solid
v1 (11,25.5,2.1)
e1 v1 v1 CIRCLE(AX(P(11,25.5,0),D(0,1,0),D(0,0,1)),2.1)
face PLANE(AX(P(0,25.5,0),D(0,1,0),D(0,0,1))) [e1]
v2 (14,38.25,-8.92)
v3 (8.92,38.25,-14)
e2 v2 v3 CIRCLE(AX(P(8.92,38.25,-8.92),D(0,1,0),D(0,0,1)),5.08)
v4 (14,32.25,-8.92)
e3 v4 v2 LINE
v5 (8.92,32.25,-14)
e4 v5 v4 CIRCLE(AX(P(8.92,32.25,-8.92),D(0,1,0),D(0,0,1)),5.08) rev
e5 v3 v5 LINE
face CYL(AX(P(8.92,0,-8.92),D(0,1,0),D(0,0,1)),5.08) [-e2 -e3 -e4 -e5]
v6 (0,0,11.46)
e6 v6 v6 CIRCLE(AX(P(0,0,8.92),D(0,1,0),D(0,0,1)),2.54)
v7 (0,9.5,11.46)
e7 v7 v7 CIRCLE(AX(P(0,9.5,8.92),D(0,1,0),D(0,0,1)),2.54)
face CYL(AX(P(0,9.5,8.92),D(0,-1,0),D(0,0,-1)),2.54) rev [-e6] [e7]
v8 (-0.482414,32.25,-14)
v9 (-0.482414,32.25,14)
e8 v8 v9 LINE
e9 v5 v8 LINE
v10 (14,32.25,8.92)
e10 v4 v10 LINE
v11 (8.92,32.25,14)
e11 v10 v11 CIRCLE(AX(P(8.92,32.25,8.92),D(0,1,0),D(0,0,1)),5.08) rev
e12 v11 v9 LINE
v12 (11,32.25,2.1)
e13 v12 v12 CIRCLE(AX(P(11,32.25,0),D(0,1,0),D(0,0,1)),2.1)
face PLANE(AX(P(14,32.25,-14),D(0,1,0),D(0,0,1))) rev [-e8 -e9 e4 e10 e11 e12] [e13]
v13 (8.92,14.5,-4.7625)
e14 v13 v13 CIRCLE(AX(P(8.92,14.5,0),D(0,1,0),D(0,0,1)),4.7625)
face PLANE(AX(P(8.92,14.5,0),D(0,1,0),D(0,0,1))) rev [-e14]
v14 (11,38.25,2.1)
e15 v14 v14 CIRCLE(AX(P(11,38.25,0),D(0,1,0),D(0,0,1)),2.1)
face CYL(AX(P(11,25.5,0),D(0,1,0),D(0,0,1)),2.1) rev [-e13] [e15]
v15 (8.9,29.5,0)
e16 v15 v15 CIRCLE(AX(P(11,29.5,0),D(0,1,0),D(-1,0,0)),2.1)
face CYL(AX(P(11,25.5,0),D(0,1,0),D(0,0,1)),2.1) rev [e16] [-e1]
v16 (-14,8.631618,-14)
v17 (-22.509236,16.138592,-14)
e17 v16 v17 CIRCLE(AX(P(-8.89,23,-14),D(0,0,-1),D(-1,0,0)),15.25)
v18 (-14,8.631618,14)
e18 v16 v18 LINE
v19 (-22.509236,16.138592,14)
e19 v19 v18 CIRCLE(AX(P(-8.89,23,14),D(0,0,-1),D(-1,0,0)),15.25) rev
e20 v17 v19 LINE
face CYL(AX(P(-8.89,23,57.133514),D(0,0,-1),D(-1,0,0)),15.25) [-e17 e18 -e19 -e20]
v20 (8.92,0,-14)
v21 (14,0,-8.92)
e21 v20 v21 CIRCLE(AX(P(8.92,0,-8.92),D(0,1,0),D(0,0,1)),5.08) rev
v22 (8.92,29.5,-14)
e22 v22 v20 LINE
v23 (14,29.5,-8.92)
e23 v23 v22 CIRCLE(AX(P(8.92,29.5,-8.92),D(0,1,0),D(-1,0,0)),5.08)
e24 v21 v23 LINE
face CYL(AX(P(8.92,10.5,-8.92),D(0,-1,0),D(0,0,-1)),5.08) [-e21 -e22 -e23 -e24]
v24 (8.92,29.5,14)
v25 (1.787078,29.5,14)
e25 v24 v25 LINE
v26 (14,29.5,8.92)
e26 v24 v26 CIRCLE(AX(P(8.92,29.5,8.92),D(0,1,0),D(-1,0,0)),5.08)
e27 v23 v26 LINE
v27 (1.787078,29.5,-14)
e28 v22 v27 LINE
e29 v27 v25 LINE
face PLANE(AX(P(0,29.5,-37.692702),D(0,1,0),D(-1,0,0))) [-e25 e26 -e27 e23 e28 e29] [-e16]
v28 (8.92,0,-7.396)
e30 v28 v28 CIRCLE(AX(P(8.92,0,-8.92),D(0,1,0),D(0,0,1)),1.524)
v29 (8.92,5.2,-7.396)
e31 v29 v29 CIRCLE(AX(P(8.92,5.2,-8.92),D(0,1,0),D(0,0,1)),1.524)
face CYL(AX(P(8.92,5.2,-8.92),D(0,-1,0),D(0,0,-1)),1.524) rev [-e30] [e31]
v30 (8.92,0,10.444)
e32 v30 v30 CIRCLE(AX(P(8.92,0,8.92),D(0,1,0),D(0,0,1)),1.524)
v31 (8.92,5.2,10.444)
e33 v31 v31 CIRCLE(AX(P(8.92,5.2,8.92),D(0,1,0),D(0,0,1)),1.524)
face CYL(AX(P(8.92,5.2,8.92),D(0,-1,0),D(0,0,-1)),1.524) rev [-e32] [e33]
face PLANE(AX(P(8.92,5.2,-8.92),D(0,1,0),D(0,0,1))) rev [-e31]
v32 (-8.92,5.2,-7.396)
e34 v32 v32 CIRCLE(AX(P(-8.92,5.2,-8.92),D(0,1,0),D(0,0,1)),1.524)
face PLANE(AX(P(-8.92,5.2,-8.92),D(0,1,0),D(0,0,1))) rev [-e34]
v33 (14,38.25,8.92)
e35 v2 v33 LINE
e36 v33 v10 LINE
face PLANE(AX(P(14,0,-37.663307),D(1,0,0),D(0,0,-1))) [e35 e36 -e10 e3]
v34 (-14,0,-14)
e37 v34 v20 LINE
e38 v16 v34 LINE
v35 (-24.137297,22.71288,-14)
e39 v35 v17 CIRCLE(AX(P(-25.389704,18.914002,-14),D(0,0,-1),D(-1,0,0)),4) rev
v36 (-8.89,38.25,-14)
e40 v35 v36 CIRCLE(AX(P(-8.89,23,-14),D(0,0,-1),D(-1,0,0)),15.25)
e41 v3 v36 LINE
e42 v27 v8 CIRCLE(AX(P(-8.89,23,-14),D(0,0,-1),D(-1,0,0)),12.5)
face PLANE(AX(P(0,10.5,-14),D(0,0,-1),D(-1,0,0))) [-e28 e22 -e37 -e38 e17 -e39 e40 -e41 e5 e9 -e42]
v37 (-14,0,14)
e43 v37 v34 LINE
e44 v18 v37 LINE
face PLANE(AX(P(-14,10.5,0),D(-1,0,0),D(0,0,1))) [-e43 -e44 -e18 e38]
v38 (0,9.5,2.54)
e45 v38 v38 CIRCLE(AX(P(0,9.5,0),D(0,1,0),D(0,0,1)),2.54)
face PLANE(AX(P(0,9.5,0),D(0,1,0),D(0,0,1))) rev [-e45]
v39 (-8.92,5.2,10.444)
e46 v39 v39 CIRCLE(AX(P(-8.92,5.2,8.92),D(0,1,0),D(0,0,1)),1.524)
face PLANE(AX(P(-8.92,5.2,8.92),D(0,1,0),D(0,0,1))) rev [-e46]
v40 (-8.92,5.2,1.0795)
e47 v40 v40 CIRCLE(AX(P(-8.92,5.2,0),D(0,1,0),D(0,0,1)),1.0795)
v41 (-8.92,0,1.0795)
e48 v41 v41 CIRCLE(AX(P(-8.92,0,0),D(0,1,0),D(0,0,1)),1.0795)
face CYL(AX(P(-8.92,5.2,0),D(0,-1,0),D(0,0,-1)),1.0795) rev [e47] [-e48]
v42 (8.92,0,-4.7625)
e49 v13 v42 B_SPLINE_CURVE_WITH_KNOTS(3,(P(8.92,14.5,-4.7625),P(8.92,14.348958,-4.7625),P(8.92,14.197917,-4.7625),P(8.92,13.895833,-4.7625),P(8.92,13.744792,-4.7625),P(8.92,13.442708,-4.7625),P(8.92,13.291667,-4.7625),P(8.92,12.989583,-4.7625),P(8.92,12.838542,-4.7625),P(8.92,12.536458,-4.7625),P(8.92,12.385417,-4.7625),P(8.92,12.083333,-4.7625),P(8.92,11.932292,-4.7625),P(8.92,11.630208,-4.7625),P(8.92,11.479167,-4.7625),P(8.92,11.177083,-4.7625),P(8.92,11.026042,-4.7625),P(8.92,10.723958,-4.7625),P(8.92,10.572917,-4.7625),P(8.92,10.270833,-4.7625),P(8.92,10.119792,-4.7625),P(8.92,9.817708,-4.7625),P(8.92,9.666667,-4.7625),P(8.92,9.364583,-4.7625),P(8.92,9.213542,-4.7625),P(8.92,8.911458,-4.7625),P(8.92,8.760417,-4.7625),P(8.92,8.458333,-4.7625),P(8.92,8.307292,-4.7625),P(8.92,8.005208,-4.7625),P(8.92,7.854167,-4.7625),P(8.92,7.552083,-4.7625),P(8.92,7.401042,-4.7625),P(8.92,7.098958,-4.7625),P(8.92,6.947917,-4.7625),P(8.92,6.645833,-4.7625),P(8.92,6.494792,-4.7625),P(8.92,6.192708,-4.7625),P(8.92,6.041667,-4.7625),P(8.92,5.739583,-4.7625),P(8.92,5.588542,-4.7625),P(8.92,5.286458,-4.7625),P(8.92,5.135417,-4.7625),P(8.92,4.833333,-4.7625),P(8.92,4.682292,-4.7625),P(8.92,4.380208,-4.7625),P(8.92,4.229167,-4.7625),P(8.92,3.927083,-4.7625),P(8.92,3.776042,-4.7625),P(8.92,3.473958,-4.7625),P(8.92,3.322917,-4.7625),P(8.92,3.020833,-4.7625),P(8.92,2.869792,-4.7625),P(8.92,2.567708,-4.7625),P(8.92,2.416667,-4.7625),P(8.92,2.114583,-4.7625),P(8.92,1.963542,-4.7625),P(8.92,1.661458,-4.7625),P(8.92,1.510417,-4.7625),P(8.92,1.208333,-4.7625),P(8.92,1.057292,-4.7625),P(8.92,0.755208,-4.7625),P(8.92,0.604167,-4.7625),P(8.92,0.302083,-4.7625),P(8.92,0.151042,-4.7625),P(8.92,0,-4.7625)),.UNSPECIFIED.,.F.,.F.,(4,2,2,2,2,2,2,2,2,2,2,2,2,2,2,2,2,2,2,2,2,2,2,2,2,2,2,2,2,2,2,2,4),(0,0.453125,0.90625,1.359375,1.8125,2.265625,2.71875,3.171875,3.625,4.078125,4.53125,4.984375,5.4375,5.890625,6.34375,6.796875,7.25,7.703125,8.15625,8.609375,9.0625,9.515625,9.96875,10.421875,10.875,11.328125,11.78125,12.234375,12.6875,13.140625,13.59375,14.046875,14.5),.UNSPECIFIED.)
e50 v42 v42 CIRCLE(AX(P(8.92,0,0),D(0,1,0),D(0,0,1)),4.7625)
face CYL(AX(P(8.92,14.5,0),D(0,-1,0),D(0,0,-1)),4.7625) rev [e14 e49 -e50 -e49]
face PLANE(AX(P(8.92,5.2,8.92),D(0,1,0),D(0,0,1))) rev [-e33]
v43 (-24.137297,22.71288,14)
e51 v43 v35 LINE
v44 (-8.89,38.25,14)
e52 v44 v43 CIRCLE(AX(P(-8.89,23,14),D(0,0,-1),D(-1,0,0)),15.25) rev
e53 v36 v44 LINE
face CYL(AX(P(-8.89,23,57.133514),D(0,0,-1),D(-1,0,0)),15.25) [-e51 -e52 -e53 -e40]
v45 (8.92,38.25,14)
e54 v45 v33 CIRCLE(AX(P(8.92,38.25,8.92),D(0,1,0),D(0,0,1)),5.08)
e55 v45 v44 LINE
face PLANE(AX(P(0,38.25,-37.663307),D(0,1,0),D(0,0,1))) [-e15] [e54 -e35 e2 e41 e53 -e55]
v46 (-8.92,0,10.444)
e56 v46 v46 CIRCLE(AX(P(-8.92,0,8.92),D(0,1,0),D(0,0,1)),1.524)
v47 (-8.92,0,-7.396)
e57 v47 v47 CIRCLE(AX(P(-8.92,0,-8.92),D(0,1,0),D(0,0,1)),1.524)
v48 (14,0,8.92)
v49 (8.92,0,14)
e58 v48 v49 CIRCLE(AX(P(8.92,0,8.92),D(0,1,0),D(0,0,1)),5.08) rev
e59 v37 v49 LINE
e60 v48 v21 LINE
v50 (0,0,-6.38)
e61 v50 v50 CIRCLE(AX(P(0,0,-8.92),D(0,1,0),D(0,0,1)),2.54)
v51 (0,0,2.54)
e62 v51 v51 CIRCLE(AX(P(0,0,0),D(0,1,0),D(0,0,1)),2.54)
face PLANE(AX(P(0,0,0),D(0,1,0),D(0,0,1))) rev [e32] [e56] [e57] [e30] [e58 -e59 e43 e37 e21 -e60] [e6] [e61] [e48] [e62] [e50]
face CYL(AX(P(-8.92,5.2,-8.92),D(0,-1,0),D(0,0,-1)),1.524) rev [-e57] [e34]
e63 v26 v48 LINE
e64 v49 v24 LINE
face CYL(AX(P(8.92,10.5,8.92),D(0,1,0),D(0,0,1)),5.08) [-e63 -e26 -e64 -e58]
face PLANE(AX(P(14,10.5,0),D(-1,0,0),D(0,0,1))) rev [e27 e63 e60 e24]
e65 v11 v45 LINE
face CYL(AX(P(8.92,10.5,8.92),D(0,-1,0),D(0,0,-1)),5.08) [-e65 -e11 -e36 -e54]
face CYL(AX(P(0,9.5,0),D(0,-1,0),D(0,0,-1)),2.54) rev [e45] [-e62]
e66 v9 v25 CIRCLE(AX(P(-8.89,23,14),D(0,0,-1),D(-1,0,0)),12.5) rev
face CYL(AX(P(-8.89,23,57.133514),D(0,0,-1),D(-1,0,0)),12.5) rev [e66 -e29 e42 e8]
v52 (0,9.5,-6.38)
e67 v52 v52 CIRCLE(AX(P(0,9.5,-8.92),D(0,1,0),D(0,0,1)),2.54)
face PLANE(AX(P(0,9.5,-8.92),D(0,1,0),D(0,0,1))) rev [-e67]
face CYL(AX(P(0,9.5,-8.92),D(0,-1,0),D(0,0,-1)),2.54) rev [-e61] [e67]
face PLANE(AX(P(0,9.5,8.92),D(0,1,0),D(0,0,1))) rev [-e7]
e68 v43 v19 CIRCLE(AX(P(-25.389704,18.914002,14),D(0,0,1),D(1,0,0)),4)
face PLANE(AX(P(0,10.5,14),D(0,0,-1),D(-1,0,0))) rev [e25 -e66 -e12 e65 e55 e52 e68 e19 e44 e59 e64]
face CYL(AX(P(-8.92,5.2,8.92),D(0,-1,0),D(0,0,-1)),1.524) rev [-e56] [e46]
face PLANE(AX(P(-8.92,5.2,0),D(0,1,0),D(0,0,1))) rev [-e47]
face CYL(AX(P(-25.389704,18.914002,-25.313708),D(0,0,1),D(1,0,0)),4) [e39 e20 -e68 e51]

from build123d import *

# Parameters (mm, degrees)
SKETCH1_W           = 28
SKETCH1_H           = 28
BOSS_EXTRUDE1_DEPTH = 10.5
BOSS_EXTRUDE3_DEPTH = 28
SKETCH3_R           = 4
BOSS_EXTRUDE4_DEPTH = 28
BOSS_EXTRUDE5_START = -28
BOSS_EXTRUDE5_DEPTH = 28
CUT_EXTRUDE1_DEPTH  = 56.774700458
BOSS_EXTRUDE6_START = -28
BOSS_EXTRUDE6_DEPTH = 28
SKETCH8_R           = 2.1
CUT_EXTRUDE2_DEPTH  = 12.75
SKETCH1_4_R         = 1.524
SKETCH1_4_R_2       = 1.0795
CUT_EXTRUDE3_DEPTH  = 5.2
SKETCH1_5_R         = 2.54
CUT_EXTRUDE4_DEPTH  = 9.5
SKETCH1_6_R         = 4.7625
CUT_EXTRUDE5_DEPTH  = 14.5
FILLET1_R           = 5.08
FILLET2_R           = 5.08
FILLET3_R           = 5.08
FILLET4_R           = 5.08


with BuildPart() as part:
    # Sketch1 → Boss-Extrude1 (new body)
    with BuildSketch(Plane(origin=(0, 0, 0), x_dir=(1, 0, 0), z_dir=(0, 1, 0))):
        Rectangle(SKETCH1_W, SKETCH1_H)
    extrude(amount=BOSS_EXTRUDE1_DEPTH)

    # Sketch2 → Boss-Extrude3 (add)
    with BuildSketch(Plane(origin=(0, 0, -14), x_dir=(-1, 0, 0), z_dir=(0, 0, -1))):
        with BuildLine():
            ThreePointArc((21.39, 23), (17.728834765, 14.161165235), (8.89, 10.5))
            Line((8.89, 10.5), (14, 10.5))
            Line((14, 10.5), (14, 8.631618045))
            ThreePointArc((14, 8.631618045), (21.34973515, 14.206962982), (24.14, 23))
            Line((24.14, 23), (21.39, 23))
        make_face()
        with BuildLine():
            Line((8.89, 10.5), (8.89, 7.75))
            ThreePointArc((8.89, 7.75), (11.482747113, 7.972020681), (14, 8.631618045))
            Line((14, 8.631618045), (14, 10.5))
            Line((14, 10.5), (8.89, 10.5))
        make_face()
        with BuildLine():
            Line((0.154297395, 10.5), (8.89, 10.5))
            ThreePointArc((8.89, 10.5), (0.051165235, 14.161165235), (-3.61, 23))
            Line((-3.61, 23), (-6.36, 23))
            ThreePointArc((-6.36, 23), (-4.63371925, 15.952197673), (0.154297395, 10.5))
        make_face()
        with BuildLine():
            ThreePointArc((0.154297395, 10.5), (4.310835229, 8.453737593), (8.89, 7.75))
            Line((8.89, 7.75), (8.89, 10.5))
            Line((8.89, 10.5), (0.154297395, 10.5))
        make_face()
        with BuildLine():
            ThreePointArc((8.89, 35.5), (17.728834765, 31.838834765), (21.39, 23))
            Line((21.39, 23), (24.14, 23))
            ThreePointArc((24.14, 23), (19.673378413, 33.783378413), (8.89, 38.25))
            Line((8.89, 38.25), (8.89, 35.5))
        make_face()
        with BuildLine():
            Line((-6.36, 23), (-3.61, 23))
            ThreePointArc((-3.61, 23), (0.051165235, 31.838834765), (8.89, 35.5))
            Line((8.89, 35.5), (8.89, 38.25))
            ThreePointArc((8.89, 38.25), (-1.893378413, 33.783378413), (-6.36, 23))
        make_face()
    extrude(amount=-BOSS_EXTRUDE3_DEPTH)

    # Sketch3 → Boss-Extrude4 (add)
    with BuildSketch(Plane.XY.offset(14)):
        with Locations((-25.389704171, 18.914002035)):
            Circle(SKETCH3_R)
    extrude(amount=-BOSS_EXTRUDE4_DEPTH)

    # Sketch5 → Boss-Extrude5 (add)
    with BuildSketch(Plane.XY.offset(14).offset(BOSS_EXTRUDE5_START)):
        with BuildLine():
            ThreePointArc((4.905379661, 29.5), (5.846431624, 19.075706053), (-0.154297395, 10.5))
            Line((-0.154297395, 10.5), (14, 10.5))
            Line((14, 10.5), (14, 29.5))
            Line((14, 29.5), (4.905379661, 29.5))
        make_face()
    extrude(amount=BOSS_EXTRUDE5_DEPTH)

    # Sketch6 → Cut-Extrude1 (cut, through all)
    with BuildSketch(Plane.XY.offset(14)):
        with BuildLine():
            Line((14, 29.5), (14, 32.25))
            Line((14, 32.25), (-0.48241414, 32.25))
            ThreePointArc((-0.48241414, 32.25), (0.750888241, 30.956335459), (1.787078252, 29.5))
            Line((1.787078252, 29.5), (14, 29.5))
        make_face()
    extrude(amount=-CUT_EXTRUDE1_DEPTH, mode=Mode.SUBTRACT)

    # Sketch7 → Boss-Extrude6 (add)
    with BuildSketch(Plane.XY.offset(14).offset(BOSS_EXTRUDE6_START)):
        with BuildLine():
            Line((14, 38.25), (-8.89, 38.25))
            ThreePointArc((-8.89, 38.25), (-3.444771469, 37.244717837), (1.282556587, 34.361408032))
            Line((1.282556587, 34.361408032), (6.806, 32.25))
            Line((6.806, 32.25), (14, 32.25))
            Line((14, 32.25), (14, 38.25))
        make_face()
        with BuildLine():
            Line((6.806, 32.25), (1.282556587, 34.361408032))
            ThreePointArc((1.282556587, 34.361408032), (2.308329555, 33.351807338), (3.234355653, 32.25))
            Line((3.234355653, 32.25), (6.806, 32.25))
        make_face()
    extrude(amount=BOSS_EXTRUDE6_DEPTH)

    # Sketch8 → Cut-Extrude2 (cut)
    with BuildSketch(Plane(origin=(0, 38.25, 0), x_dir=(1, 0, 0), z_dir=(0, 1, 0))):
        with Locations(Location((11, 0, 0), (0, 0, 270))):
            Circle(SKETCH8_R)
    extrude(amount=-CUT_EXTRUDE2_DEPTH, mode=Mode.SUBTRACT)

    # Sketch1<4> → Cut-Extrude3 (cut)
    with BuildSketch(Plane(origin=(0, 0, 0), x_dir=(1, 0, 0), z_dir=(0, 1, 0))):
        with Locations(Location((-8.92, 8.92, 0), (0, 0, 270))):
            Circle(SKETCH1_4_R)
        with Locations(Location((8.92, 8.92, 0), (0, 0, 270))):
            Circle(SKETCH1_4_R)
        with Locations(Location((8.92, -8.92, 0), (0, 0, 270))):
            Circle(SKETCH1_4_R)
        with Locations(Location((-8.92, -8.92, 0), (0, 0, 270))):
            Circle(SKETCH1_4_R)
        with Locations(Location((-8.92, 0, 0), (0, 0, 270))):
            Circle(SKETCH1_4_R_2)
    extrude(amount=CUT_EXTRUDE3_DEPTH, mode=Mode.SUBTRACT)

    # Sketch1<5> → Cut-Extrude4 (cut)
    with BuildSketch(Plane(origin=(0, 0, 0), x_dir=(1, 0, 0), z_dir=(0, 1, 0))):
        with Locations(Location((0, 8.92, 0), (0, 0, 270))):
            Circle(SKETCH1_5_R)
        with Locations(Location((0, -8.92, 0), (0, 0, 270))):
            Circle(SKETCH1_5_R)
        with Locations(Location((0, 0, 0), (0, 0, 270))):
            Circle(SKETCH1_5_R)
    extrude(amount=CUT_EXTRUDE4_DEPTH, mode=Mode.SUBTRACT)

    # Sketch1<6> → Cut-Extrude5 (cut)
    with BuildSketch(Plane(origin=(0, 0, 0), x_dir=(1, 0, 0), z_dir=(0, 1, 0))):
        with Locations(Location((8.92, 0, 0), (0, 0, 90))):
            Circle(SKETCH1_6_R)
    extrude(amount=CUT_EXTRUDE5_DEPTH, mode=Mode.SUBTRACT)

    # Fillet1
    fillet1_edges = [part.edges().sort_by_distance(p)[0] for p in [
        (14, 14.75, 14),
    ]]
    fillet(fillet1_edges, radius=FILLET1_R)

    # Fillet2
    fillet2_edges = [part.edges().sort_by_distance(p)[0] for p in [
        (14, 35.25, 14),
    ]]
    fillet(fillet2_edges, radius=FILLET2_R)

    # Fillet3
    fillet3_edges = [part.edges().sort_by_distance(p)[0] for p in [
        (14, 35.25, -14),
    ]]
    fillet(fillet3_edges, radius=FILLET3_R)

    # Fillet4
    fillet4_edges = [part.edges().sort_by_distance(p)[0] for p in [
        (14, 14.75, -14),
    ]]
    fillet(fillet4_edges, radius=FILLET4_R)


solid = part.part
